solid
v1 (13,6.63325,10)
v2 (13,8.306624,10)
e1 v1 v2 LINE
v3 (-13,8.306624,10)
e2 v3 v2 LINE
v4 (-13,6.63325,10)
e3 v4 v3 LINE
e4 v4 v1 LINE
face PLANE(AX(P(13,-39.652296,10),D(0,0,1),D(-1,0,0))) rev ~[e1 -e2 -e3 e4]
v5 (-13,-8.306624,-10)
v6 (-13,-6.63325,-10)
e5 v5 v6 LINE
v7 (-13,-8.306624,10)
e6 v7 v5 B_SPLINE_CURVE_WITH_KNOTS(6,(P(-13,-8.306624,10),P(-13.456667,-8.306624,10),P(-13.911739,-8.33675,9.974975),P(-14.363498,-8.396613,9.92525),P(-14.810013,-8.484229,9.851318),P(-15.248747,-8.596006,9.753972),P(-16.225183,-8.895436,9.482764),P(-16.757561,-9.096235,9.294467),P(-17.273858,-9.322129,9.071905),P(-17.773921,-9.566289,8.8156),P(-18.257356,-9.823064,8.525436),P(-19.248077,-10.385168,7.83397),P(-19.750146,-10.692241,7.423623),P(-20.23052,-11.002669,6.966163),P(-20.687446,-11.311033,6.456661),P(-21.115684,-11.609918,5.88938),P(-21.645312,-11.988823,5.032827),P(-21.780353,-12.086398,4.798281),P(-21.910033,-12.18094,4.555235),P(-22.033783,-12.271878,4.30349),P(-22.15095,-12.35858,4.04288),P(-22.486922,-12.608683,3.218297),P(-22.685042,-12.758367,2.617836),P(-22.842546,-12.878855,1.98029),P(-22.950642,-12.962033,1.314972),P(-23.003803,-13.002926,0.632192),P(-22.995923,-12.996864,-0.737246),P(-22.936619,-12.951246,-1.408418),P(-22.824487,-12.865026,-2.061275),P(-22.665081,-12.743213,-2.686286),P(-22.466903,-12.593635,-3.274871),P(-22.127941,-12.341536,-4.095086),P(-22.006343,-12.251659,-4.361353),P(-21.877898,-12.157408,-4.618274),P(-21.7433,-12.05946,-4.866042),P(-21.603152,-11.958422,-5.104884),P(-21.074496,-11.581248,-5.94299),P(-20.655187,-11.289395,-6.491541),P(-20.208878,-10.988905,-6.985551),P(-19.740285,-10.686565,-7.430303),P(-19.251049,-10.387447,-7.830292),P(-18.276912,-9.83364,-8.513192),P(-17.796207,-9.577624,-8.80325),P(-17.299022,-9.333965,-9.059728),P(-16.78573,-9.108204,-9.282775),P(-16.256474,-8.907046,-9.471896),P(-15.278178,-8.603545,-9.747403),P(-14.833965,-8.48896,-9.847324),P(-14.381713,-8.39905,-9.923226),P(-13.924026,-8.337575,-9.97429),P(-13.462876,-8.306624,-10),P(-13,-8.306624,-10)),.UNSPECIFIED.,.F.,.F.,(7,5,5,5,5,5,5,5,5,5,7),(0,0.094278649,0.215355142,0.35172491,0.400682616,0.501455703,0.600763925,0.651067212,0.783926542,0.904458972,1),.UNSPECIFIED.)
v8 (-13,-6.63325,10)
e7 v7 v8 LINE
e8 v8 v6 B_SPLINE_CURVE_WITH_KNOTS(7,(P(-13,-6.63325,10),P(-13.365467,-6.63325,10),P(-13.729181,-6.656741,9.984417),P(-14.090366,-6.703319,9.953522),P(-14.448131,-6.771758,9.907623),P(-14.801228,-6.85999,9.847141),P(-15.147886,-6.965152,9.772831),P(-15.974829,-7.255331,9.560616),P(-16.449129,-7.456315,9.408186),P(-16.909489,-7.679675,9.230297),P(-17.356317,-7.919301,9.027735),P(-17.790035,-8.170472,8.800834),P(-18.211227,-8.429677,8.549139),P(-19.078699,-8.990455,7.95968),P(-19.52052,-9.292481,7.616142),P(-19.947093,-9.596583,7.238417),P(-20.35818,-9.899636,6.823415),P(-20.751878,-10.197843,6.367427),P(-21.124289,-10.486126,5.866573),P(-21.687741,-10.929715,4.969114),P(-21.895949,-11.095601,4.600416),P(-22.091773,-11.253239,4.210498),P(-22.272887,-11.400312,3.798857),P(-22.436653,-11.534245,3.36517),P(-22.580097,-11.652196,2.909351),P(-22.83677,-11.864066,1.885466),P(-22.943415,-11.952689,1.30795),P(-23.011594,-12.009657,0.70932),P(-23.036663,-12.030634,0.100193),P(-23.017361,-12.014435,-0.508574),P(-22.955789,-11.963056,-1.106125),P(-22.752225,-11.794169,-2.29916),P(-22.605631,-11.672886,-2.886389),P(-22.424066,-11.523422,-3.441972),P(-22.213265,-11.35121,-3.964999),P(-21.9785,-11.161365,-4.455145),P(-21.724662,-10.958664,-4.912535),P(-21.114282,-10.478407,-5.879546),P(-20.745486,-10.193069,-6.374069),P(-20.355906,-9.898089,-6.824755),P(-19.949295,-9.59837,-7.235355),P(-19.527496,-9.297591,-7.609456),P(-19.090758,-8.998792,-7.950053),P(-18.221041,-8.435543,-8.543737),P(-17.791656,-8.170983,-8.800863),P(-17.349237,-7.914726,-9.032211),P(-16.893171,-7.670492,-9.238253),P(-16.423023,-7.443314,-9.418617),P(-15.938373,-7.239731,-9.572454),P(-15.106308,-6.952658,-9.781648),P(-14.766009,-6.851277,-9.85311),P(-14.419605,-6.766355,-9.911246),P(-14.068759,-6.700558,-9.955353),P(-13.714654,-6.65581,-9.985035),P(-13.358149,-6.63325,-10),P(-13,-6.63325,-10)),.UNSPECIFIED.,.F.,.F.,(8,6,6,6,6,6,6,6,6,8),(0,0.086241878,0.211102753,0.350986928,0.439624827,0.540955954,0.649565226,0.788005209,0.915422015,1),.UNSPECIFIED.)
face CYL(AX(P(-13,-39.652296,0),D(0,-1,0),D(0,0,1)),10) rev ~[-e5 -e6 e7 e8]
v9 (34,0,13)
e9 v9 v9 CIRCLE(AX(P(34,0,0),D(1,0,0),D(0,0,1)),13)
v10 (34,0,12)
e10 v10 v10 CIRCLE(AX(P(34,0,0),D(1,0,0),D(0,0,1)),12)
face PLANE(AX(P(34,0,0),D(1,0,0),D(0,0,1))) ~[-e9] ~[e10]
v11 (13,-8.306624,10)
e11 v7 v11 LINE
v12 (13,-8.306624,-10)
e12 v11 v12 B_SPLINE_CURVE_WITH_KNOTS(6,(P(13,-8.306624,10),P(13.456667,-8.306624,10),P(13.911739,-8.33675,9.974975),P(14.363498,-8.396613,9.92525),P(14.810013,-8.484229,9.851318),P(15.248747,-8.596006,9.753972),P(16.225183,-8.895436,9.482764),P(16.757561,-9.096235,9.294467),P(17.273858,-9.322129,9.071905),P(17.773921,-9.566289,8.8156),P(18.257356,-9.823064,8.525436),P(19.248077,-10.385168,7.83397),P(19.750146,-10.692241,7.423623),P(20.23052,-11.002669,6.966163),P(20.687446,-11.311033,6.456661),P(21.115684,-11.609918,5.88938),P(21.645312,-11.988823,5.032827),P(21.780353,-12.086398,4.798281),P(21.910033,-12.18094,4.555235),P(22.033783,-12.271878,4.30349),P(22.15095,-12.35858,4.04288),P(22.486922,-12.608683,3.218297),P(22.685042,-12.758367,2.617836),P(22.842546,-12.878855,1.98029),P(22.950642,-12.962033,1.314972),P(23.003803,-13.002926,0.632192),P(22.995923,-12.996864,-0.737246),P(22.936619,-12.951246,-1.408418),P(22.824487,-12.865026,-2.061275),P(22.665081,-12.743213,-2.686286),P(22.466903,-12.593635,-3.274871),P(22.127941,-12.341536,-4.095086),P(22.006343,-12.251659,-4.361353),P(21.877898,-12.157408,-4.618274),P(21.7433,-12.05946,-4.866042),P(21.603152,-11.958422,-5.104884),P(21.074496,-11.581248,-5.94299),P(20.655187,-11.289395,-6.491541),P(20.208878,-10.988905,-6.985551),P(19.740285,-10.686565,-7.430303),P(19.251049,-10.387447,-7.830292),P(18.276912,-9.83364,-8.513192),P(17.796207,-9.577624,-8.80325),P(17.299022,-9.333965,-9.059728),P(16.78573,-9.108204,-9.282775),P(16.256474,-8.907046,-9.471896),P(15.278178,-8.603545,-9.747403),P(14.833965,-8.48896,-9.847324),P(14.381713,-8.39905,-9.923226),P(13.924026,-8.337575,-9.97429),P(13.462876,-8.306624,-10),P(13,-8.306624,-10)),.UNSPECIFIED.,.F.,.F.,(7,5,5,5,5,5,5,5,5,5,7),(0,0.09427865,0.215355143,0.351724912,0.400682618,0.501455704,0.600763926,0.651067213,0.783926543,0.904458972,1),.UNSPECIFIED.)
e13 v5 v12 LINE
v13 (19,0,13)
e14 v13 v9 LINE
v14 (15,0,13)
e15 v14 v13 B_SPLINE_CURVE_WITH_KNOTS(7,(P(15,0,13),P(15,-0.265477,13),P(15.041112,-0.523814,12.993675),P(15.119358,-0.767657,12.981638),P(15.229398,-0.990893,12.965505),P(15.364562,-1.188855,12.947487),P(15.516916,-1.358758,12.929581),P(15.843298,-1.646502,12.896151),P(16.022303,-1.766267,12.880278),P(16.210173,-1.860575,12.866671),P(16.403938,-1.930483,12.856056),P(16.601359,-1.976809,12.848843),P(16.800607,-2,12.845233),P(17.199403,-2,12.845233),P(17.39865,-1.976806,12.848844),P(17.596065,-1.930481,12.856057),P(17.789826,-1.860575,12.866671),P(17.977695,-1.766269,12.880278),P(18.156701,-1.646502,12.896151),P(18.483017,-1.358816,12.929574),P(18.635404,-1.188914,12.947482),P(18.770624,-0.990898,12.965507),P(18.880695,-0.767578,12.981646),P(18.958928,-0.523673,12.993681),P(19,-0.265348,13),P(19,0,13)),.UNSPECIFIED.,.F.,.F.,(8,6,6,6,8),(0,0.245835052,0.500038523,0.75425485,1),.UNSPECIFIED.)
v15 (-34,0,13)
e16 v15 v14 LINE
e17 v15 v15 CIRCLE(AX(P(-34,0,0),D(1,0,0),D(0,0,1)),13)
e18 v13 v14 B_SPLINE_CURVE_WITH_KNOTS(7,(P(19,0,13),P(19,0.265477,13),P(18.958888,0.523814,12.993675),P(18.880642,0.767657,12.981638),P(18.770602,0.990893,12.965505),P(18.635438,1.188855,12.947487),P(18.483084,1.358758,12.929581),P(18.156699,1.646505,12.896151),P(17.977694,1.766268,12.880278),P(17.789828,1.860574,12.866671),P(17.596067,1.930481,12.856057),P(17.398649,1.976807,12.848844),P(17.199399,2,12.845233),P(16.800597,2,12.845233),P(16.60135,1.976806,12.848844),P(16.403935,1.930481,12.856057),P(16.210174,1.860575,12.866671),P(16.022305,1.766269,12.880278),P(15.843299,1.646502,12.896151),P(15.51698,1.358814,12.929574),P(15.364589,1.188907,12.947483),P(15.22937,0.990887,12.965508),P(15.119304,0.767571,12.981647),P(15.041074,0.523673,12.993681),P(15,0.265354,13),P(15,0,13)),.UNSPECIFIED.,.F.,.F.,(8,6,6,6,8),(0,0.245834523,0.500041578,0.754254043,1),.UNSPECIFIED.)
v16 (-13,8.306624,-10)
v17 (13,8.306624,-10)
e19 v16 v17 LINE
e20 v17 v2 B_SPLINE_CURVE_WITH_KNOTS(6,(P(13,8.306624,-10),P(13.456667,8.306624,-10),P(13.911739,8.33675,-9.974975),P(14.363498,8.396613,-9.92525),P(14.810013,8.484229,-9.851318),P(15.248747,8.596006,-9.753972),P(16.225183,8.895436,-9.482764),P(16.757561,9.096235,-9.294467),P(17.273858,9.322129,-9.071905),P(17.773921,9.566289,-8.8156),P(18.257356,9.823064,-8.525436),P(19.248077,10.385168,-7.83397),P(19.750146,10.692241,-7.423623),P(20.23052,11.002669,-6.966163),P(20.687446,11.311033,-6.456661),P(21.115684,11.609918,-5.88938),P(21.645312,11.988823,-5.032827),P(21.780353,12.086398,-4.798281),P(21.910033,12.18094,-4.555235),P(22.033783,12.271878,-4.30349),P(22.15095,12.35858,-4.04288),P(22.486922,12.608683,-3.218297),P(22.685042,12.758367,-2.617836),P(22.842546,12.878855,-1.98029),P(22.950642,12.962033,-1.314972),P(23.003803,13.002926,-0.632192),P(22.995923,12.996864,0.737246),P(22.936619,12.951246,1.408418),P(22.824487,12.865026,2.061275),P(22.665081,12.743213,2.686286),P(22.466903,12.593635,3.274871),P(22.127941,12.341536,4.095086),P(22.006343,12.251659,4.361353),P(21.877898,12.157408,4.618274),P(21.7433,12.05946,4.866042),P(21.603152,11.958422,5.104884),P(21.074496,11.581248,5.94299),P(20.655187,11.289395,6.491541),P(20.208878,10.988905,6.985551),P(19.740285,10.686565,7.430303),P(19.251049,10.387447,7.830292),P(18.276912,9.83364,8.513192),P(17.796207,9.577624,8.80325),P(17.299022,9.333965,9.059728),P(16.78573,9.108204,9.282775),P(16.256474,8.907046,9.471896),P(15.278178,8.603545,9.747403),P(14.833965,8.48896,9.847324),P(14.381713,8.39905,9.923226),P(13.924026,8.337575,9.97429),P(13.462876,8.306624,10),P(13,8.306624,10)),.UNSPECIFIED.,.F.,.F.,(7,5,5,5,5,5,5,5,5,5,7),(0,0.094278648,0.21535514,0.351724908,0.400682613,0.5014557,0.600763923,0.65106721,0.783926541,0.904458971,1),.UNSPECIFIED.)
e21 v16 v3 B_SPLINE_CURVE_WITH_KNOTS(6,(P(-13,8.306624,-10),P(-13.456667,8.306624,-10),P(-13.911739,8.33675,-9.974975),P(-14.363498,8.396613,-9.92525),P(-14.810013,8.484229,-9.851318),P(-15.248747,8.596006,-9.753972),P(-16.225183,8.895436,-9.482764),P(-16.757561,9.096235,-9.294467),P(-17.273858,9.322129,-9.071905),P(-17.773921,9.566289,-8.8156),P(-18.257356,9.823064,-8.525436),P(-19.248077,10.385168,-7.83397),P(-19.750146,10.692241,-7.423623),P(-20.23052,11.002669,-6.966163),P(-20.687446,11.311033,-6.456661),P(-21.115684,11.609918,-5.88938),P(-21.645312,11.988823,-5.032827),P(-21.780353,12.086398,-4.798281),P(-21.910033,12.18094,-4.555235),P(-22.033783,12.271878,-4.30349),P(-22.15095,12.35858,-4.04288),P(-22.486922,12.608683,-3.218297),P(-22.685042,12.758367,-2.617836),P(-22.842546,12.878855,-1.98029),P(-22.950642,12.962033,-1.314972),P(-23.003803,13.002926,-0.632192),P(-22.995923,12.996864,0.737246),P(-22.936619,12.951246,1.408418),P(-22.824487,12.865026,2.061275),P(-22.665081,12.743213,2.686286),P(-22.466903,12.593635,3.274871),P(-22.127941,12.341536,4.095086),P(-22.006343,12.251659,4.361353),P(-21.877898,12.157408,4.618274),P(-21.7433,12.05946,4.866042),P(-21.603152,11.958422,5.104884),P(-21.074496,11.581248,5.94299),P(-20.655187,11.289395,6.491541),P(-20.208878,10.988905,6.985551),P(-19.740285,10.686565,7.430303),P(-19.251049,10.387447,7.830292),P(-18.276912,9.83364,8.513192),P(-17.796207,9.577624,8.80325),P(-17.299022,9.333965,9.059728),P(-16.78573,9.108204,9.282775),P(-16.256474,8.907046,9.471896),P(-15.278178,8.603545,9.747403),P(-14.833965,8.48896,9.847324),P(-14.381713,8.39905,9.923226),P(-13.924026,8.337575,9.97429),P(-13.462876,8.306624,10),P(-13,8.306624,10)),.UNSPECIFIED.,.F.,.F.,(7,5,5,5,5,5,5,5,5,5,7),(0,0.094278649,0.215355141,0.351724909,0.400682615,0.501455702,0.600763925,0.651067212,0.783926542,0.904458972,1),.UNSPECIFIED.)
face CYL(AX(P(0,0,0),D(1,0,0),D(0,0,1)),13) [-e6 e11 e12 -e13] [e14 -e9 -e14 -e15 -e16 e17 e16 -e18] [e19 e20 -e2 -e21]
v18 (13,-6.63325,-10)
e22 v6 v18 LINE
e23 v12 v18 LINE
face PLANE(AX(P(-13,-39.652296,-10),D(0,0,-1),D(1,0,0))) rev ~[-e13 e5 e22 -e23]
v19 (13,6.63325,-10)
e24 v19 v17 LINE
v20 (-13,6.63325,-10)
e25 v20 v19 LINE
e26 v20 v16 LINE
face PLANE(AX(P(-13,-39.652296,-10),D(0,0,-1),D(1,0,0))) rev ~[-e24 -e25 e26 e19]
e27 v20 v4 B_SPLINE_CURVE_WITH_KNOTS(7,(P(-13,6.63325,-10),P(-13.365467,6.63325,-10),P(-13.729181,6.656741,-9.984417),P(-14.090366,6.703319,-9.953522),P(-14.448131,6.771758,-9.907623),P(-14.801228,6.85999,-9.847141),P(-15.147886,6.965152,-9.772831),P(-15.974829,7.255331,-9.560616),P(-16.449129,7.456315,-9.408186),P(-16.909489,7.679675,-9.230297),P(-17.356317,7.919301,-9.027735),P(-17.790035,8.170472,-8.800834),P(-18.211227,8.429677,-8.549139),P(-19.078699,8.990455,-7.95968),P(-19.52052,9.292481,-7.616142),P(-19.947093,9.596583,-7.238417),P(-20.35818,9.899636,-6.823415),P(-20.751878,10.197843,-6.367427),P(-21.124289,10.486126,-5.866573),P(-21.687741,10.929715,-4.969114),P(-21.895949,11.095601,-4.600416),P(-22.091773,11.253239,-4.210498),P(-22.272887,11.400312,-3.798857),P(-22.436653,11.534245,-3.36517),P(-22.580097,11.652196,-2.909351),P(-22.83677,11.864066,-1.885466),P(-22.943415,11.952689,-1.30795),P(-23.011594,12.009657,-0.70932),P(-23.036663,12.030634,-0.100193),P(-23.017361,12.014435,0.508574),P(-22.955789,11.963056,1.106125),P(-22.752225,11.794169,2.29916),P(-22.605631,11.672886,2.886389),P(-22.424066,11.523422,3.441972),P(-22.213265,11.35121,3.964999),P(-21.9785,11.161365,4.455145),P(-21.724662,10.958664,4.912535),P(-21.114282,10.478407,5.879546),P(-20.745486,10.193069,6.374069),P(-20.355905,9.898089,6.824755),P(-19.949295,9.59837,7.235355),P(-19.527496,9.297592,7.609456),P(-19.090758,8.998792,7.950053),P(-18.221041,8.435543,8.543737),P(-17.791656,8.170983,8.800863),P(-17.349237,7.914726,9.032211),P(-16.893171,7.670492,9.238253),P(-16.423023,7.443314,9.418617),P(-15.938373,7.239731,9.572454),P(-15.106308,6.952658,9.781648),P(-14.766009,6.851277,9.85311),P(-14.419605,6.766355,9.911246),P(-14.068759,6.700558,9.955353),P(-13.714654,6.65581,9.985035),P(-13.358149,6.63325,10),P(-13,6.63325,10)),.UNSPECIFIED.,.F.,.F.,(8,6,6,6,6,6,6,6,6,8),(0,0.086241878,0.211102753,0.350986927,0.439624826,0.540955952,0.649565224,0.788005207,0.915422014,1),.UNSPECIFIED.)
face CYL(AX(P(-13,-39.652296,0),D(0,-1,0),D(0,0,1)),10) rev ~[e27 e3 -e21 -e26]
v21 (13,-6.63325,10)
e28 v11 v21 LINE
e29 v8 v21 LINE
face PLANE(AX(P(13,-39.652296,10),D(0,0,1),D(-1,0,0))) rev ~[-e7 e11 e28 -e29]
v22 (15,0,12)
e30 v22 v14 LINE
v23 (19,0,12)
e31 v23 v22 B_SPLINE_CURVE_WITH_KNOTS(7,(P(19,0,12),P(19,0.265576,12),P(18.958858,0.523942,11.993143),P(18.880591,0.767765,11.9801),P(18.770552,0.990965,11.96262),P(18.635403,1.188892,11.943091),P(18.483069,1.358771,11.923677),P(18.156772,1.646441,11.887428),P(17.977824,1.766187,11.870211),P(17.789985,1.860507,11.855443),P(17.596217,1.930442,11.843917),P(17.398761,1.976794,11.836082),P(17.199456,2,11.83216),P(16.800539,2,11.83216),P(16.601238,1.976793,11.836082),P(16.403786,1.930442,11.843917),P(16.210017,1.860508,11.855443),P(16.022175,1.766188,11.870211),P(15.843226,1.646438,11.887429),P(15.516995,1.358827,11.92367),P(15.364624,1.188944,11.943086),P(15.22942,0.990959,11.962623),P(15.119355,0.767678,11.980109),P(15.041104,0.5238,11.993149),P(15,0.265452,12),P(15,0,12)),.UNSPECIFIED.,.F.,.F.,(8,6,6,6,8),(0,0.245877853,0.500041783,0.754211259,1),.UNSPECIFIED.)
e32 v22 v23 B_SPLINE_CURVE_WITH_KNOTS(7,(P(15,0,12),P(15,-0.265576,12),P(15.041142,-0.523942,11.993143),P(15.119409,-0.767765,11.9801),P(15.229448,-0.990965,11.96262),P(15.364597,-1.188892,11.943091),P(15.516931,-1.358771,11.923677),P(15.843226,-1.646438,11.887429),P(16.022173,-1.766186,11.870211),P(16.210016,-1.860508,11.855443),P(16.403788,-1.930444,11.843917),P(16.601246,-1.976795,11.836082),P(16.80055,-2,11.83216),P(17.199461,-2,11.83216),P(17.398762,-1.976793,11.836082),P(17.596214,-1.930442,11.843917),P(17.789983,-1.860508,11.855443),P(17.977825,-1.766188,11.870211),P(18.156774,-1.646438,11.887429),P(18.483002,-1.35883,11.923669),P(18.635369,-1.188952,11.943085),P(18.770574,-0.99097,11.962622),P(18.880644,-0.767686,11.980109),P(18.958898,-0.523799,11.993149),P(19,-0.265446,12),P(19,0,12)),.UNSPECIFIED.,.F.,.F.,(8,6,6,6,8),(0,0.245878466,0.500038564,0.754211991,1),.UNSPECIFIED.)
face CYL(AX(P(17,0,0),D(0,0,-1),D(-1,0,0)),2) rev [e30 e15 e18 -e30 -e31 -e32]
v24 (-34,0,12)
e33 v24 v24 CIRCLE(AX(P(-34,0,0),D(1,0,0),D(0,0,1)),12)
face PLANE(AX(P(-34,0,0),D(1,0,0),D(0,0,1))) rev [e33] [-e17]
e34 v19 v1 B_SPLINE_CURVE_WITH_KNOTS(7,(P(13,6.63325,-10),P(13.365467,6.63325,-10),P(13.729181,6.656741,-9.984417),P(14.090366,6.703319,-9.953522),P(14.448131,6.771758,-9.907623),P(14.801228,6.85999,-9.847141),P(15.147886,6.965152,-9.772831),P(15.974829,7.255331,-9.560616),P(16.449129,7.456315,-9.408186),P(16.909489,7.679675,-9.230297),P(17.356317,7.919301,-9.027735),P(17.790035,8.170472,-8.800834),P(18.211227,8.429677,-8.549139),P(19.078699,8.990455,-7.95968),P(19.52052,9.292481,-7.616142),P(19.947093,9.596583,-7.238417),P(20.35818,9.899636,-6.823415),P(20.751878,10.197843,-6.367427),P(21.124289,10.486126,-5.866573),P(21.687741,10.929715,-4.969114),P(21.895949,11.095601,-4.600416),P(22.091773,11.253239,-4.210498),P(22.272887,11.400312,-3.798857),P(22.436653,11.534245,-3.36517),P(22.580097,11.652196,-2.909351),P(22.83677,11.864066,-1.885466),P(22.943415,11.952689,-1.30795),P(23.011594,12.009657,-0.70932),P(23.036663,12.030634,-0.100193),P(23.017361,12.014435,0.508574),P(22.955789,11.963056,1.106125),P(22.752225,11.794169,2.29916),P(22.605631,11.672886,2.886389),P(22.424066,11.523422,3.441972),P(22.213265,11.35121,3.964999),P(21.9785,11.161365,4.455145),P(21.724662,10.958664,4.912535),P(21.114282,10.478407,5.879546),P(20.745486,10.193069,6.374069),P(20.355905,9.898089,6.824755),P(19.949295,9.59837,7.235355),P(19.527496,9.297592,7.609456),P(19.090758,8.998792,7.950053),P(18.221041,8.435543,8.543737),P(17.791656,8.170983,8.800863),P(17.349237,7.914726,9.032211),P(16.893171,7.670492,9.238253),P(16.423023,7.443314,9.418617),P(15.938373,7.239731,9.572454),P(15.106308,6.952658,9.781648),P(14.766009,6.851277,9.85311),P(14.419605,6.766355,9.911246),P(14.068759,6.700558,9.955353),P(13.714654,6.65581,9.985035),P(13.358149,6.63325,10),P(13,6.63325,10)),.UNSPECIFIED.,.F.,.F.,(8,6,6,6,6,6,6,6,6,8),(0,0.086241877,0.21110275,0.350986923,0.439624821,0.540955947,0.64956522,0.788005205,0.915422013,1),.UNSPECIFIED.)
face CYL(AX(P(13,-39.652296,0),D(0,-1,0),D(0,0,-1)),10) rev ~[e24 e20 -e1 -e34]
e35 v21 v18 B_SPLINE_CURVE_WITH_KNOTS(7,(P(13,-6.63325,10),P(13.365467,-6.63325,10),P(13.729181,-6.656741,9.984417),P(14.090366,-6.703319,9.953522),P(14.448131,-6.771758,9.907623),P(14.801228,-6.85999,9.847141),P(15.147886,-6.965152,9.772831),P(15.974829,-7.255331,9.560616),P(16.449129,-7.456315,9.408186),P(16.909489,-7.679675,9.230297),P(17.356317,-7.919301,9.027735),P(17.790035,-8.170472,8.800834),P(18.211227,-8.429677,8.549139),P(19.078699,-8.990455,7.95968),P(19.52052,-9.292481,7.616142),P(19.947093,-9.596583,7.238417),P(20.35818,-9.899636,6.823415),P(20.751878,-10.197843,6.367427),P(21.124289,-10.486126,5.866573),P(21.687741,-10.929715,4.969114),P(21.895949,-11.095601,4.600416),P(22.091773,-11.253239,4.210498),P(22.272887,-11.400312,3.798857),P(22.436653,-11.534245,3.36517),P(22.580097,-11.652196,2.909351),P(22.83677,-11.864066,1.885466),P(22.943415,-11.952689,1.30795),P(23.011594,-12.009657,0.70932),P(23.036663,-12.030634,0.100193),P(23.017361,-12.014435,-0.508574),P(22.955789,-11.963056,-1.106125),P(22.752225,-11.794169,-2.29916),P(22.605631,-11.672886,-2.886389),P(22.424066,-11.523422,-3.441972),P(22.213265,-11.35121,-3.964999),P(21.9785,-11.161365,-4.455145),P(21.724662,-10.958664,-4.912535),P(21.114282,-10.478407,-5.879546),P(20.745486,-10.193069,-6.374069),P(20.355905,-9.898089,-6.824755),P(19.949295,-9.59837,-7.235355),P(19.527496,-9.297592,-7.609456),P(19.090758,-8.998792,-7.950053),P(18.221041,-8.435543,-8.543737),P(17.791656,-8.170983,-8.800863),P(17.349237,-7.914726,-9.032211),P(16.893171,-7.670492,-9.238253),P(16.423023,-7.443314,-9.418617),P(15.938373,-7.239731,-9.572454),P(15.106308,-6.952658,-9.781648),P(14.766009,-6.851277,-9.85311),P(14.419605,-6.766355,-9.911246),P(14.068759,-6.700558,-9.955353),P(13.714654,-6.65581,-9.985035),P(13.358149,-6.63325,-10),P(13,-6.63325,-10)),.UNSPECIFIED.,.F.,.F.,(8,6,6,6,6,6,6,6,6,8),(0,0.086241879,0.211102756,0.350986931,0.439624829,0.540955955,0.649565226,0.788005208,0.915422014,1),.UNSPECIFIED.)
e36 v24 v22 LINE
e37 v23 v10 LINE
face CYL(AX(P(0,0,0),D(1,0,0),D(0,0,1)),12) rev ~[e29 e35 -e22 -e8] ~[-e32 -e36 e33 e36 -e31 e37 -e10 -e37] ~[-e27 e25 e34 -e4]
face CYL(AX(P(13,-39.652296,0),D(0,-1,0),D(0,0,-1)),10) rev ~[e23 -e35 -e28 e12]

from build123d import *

# Parameters (mm, degrees)
SKETCH1_W               = 68
SKETCH1_H               = 1
CUT_EXTRUDE1_DEPTH      = 39.65229618
CUT_EXTRUDE1_DEPTH_BACK = 39.65229618
SKETCH3_R               = 2
CUT_EXTRUDE2_DEPTH      = 39.652296335


with BuildPart() as part:
    # Sketch1 → Revolve1 (revolve)
    with BuildSketch(Plane.XY, mode=Mode.PRIVATE) as revolve1_sk:
        with Locations((0, 12.5)):
            Rectangle(SKETCH1_W, SKETCH1_H)
    revolve(revolve1_sk.sketch.rotate(Axis((-43.269534002, 0, 0), (1, 0, 0)), 90), axis=Axis((-43.269534002, 0, 0), (1, 0, 0)))

    # Sketch2 → Cut-Extrude1 (cut, two sides: drawn at the far end of the back side and taken through both)
    with BuildSketch(Plane(origin=(0, 0, 0), x_dir=(1, 0, 0), z_dir=(0, 1, 0)).offset(-CUT_EXTRUDE1_DEPTH_BACK)):
        with BuildLine():
            Line((-13, 10), (13, 10))
            ThreePointArc((13, 10), (23, 0), (13, -10))
            Line((13, -10), (-13, -10))
            ThreePointArc((-13, -10), (-23, 0), (-13, 10))
        make_face()
    extrude(amount=CUT_EXTRUDE1_DEPTH + CUT_EXTRUDE1_DEPTH_BACK, mode=Mode.SUBTRACT)

    # Sketch3 → Cut-Extrude2 (cut, through all)
    with BuildSketch(Plane.XY):
        with Locations(Location((17, 0, 0), (0, 0, 180))):
            Circle(SKETCH3_R)
    extrude(amount=CUT_EXTRUDE2_DEPTH, mode=Mode.SUBTRACT)


solid = part.part
